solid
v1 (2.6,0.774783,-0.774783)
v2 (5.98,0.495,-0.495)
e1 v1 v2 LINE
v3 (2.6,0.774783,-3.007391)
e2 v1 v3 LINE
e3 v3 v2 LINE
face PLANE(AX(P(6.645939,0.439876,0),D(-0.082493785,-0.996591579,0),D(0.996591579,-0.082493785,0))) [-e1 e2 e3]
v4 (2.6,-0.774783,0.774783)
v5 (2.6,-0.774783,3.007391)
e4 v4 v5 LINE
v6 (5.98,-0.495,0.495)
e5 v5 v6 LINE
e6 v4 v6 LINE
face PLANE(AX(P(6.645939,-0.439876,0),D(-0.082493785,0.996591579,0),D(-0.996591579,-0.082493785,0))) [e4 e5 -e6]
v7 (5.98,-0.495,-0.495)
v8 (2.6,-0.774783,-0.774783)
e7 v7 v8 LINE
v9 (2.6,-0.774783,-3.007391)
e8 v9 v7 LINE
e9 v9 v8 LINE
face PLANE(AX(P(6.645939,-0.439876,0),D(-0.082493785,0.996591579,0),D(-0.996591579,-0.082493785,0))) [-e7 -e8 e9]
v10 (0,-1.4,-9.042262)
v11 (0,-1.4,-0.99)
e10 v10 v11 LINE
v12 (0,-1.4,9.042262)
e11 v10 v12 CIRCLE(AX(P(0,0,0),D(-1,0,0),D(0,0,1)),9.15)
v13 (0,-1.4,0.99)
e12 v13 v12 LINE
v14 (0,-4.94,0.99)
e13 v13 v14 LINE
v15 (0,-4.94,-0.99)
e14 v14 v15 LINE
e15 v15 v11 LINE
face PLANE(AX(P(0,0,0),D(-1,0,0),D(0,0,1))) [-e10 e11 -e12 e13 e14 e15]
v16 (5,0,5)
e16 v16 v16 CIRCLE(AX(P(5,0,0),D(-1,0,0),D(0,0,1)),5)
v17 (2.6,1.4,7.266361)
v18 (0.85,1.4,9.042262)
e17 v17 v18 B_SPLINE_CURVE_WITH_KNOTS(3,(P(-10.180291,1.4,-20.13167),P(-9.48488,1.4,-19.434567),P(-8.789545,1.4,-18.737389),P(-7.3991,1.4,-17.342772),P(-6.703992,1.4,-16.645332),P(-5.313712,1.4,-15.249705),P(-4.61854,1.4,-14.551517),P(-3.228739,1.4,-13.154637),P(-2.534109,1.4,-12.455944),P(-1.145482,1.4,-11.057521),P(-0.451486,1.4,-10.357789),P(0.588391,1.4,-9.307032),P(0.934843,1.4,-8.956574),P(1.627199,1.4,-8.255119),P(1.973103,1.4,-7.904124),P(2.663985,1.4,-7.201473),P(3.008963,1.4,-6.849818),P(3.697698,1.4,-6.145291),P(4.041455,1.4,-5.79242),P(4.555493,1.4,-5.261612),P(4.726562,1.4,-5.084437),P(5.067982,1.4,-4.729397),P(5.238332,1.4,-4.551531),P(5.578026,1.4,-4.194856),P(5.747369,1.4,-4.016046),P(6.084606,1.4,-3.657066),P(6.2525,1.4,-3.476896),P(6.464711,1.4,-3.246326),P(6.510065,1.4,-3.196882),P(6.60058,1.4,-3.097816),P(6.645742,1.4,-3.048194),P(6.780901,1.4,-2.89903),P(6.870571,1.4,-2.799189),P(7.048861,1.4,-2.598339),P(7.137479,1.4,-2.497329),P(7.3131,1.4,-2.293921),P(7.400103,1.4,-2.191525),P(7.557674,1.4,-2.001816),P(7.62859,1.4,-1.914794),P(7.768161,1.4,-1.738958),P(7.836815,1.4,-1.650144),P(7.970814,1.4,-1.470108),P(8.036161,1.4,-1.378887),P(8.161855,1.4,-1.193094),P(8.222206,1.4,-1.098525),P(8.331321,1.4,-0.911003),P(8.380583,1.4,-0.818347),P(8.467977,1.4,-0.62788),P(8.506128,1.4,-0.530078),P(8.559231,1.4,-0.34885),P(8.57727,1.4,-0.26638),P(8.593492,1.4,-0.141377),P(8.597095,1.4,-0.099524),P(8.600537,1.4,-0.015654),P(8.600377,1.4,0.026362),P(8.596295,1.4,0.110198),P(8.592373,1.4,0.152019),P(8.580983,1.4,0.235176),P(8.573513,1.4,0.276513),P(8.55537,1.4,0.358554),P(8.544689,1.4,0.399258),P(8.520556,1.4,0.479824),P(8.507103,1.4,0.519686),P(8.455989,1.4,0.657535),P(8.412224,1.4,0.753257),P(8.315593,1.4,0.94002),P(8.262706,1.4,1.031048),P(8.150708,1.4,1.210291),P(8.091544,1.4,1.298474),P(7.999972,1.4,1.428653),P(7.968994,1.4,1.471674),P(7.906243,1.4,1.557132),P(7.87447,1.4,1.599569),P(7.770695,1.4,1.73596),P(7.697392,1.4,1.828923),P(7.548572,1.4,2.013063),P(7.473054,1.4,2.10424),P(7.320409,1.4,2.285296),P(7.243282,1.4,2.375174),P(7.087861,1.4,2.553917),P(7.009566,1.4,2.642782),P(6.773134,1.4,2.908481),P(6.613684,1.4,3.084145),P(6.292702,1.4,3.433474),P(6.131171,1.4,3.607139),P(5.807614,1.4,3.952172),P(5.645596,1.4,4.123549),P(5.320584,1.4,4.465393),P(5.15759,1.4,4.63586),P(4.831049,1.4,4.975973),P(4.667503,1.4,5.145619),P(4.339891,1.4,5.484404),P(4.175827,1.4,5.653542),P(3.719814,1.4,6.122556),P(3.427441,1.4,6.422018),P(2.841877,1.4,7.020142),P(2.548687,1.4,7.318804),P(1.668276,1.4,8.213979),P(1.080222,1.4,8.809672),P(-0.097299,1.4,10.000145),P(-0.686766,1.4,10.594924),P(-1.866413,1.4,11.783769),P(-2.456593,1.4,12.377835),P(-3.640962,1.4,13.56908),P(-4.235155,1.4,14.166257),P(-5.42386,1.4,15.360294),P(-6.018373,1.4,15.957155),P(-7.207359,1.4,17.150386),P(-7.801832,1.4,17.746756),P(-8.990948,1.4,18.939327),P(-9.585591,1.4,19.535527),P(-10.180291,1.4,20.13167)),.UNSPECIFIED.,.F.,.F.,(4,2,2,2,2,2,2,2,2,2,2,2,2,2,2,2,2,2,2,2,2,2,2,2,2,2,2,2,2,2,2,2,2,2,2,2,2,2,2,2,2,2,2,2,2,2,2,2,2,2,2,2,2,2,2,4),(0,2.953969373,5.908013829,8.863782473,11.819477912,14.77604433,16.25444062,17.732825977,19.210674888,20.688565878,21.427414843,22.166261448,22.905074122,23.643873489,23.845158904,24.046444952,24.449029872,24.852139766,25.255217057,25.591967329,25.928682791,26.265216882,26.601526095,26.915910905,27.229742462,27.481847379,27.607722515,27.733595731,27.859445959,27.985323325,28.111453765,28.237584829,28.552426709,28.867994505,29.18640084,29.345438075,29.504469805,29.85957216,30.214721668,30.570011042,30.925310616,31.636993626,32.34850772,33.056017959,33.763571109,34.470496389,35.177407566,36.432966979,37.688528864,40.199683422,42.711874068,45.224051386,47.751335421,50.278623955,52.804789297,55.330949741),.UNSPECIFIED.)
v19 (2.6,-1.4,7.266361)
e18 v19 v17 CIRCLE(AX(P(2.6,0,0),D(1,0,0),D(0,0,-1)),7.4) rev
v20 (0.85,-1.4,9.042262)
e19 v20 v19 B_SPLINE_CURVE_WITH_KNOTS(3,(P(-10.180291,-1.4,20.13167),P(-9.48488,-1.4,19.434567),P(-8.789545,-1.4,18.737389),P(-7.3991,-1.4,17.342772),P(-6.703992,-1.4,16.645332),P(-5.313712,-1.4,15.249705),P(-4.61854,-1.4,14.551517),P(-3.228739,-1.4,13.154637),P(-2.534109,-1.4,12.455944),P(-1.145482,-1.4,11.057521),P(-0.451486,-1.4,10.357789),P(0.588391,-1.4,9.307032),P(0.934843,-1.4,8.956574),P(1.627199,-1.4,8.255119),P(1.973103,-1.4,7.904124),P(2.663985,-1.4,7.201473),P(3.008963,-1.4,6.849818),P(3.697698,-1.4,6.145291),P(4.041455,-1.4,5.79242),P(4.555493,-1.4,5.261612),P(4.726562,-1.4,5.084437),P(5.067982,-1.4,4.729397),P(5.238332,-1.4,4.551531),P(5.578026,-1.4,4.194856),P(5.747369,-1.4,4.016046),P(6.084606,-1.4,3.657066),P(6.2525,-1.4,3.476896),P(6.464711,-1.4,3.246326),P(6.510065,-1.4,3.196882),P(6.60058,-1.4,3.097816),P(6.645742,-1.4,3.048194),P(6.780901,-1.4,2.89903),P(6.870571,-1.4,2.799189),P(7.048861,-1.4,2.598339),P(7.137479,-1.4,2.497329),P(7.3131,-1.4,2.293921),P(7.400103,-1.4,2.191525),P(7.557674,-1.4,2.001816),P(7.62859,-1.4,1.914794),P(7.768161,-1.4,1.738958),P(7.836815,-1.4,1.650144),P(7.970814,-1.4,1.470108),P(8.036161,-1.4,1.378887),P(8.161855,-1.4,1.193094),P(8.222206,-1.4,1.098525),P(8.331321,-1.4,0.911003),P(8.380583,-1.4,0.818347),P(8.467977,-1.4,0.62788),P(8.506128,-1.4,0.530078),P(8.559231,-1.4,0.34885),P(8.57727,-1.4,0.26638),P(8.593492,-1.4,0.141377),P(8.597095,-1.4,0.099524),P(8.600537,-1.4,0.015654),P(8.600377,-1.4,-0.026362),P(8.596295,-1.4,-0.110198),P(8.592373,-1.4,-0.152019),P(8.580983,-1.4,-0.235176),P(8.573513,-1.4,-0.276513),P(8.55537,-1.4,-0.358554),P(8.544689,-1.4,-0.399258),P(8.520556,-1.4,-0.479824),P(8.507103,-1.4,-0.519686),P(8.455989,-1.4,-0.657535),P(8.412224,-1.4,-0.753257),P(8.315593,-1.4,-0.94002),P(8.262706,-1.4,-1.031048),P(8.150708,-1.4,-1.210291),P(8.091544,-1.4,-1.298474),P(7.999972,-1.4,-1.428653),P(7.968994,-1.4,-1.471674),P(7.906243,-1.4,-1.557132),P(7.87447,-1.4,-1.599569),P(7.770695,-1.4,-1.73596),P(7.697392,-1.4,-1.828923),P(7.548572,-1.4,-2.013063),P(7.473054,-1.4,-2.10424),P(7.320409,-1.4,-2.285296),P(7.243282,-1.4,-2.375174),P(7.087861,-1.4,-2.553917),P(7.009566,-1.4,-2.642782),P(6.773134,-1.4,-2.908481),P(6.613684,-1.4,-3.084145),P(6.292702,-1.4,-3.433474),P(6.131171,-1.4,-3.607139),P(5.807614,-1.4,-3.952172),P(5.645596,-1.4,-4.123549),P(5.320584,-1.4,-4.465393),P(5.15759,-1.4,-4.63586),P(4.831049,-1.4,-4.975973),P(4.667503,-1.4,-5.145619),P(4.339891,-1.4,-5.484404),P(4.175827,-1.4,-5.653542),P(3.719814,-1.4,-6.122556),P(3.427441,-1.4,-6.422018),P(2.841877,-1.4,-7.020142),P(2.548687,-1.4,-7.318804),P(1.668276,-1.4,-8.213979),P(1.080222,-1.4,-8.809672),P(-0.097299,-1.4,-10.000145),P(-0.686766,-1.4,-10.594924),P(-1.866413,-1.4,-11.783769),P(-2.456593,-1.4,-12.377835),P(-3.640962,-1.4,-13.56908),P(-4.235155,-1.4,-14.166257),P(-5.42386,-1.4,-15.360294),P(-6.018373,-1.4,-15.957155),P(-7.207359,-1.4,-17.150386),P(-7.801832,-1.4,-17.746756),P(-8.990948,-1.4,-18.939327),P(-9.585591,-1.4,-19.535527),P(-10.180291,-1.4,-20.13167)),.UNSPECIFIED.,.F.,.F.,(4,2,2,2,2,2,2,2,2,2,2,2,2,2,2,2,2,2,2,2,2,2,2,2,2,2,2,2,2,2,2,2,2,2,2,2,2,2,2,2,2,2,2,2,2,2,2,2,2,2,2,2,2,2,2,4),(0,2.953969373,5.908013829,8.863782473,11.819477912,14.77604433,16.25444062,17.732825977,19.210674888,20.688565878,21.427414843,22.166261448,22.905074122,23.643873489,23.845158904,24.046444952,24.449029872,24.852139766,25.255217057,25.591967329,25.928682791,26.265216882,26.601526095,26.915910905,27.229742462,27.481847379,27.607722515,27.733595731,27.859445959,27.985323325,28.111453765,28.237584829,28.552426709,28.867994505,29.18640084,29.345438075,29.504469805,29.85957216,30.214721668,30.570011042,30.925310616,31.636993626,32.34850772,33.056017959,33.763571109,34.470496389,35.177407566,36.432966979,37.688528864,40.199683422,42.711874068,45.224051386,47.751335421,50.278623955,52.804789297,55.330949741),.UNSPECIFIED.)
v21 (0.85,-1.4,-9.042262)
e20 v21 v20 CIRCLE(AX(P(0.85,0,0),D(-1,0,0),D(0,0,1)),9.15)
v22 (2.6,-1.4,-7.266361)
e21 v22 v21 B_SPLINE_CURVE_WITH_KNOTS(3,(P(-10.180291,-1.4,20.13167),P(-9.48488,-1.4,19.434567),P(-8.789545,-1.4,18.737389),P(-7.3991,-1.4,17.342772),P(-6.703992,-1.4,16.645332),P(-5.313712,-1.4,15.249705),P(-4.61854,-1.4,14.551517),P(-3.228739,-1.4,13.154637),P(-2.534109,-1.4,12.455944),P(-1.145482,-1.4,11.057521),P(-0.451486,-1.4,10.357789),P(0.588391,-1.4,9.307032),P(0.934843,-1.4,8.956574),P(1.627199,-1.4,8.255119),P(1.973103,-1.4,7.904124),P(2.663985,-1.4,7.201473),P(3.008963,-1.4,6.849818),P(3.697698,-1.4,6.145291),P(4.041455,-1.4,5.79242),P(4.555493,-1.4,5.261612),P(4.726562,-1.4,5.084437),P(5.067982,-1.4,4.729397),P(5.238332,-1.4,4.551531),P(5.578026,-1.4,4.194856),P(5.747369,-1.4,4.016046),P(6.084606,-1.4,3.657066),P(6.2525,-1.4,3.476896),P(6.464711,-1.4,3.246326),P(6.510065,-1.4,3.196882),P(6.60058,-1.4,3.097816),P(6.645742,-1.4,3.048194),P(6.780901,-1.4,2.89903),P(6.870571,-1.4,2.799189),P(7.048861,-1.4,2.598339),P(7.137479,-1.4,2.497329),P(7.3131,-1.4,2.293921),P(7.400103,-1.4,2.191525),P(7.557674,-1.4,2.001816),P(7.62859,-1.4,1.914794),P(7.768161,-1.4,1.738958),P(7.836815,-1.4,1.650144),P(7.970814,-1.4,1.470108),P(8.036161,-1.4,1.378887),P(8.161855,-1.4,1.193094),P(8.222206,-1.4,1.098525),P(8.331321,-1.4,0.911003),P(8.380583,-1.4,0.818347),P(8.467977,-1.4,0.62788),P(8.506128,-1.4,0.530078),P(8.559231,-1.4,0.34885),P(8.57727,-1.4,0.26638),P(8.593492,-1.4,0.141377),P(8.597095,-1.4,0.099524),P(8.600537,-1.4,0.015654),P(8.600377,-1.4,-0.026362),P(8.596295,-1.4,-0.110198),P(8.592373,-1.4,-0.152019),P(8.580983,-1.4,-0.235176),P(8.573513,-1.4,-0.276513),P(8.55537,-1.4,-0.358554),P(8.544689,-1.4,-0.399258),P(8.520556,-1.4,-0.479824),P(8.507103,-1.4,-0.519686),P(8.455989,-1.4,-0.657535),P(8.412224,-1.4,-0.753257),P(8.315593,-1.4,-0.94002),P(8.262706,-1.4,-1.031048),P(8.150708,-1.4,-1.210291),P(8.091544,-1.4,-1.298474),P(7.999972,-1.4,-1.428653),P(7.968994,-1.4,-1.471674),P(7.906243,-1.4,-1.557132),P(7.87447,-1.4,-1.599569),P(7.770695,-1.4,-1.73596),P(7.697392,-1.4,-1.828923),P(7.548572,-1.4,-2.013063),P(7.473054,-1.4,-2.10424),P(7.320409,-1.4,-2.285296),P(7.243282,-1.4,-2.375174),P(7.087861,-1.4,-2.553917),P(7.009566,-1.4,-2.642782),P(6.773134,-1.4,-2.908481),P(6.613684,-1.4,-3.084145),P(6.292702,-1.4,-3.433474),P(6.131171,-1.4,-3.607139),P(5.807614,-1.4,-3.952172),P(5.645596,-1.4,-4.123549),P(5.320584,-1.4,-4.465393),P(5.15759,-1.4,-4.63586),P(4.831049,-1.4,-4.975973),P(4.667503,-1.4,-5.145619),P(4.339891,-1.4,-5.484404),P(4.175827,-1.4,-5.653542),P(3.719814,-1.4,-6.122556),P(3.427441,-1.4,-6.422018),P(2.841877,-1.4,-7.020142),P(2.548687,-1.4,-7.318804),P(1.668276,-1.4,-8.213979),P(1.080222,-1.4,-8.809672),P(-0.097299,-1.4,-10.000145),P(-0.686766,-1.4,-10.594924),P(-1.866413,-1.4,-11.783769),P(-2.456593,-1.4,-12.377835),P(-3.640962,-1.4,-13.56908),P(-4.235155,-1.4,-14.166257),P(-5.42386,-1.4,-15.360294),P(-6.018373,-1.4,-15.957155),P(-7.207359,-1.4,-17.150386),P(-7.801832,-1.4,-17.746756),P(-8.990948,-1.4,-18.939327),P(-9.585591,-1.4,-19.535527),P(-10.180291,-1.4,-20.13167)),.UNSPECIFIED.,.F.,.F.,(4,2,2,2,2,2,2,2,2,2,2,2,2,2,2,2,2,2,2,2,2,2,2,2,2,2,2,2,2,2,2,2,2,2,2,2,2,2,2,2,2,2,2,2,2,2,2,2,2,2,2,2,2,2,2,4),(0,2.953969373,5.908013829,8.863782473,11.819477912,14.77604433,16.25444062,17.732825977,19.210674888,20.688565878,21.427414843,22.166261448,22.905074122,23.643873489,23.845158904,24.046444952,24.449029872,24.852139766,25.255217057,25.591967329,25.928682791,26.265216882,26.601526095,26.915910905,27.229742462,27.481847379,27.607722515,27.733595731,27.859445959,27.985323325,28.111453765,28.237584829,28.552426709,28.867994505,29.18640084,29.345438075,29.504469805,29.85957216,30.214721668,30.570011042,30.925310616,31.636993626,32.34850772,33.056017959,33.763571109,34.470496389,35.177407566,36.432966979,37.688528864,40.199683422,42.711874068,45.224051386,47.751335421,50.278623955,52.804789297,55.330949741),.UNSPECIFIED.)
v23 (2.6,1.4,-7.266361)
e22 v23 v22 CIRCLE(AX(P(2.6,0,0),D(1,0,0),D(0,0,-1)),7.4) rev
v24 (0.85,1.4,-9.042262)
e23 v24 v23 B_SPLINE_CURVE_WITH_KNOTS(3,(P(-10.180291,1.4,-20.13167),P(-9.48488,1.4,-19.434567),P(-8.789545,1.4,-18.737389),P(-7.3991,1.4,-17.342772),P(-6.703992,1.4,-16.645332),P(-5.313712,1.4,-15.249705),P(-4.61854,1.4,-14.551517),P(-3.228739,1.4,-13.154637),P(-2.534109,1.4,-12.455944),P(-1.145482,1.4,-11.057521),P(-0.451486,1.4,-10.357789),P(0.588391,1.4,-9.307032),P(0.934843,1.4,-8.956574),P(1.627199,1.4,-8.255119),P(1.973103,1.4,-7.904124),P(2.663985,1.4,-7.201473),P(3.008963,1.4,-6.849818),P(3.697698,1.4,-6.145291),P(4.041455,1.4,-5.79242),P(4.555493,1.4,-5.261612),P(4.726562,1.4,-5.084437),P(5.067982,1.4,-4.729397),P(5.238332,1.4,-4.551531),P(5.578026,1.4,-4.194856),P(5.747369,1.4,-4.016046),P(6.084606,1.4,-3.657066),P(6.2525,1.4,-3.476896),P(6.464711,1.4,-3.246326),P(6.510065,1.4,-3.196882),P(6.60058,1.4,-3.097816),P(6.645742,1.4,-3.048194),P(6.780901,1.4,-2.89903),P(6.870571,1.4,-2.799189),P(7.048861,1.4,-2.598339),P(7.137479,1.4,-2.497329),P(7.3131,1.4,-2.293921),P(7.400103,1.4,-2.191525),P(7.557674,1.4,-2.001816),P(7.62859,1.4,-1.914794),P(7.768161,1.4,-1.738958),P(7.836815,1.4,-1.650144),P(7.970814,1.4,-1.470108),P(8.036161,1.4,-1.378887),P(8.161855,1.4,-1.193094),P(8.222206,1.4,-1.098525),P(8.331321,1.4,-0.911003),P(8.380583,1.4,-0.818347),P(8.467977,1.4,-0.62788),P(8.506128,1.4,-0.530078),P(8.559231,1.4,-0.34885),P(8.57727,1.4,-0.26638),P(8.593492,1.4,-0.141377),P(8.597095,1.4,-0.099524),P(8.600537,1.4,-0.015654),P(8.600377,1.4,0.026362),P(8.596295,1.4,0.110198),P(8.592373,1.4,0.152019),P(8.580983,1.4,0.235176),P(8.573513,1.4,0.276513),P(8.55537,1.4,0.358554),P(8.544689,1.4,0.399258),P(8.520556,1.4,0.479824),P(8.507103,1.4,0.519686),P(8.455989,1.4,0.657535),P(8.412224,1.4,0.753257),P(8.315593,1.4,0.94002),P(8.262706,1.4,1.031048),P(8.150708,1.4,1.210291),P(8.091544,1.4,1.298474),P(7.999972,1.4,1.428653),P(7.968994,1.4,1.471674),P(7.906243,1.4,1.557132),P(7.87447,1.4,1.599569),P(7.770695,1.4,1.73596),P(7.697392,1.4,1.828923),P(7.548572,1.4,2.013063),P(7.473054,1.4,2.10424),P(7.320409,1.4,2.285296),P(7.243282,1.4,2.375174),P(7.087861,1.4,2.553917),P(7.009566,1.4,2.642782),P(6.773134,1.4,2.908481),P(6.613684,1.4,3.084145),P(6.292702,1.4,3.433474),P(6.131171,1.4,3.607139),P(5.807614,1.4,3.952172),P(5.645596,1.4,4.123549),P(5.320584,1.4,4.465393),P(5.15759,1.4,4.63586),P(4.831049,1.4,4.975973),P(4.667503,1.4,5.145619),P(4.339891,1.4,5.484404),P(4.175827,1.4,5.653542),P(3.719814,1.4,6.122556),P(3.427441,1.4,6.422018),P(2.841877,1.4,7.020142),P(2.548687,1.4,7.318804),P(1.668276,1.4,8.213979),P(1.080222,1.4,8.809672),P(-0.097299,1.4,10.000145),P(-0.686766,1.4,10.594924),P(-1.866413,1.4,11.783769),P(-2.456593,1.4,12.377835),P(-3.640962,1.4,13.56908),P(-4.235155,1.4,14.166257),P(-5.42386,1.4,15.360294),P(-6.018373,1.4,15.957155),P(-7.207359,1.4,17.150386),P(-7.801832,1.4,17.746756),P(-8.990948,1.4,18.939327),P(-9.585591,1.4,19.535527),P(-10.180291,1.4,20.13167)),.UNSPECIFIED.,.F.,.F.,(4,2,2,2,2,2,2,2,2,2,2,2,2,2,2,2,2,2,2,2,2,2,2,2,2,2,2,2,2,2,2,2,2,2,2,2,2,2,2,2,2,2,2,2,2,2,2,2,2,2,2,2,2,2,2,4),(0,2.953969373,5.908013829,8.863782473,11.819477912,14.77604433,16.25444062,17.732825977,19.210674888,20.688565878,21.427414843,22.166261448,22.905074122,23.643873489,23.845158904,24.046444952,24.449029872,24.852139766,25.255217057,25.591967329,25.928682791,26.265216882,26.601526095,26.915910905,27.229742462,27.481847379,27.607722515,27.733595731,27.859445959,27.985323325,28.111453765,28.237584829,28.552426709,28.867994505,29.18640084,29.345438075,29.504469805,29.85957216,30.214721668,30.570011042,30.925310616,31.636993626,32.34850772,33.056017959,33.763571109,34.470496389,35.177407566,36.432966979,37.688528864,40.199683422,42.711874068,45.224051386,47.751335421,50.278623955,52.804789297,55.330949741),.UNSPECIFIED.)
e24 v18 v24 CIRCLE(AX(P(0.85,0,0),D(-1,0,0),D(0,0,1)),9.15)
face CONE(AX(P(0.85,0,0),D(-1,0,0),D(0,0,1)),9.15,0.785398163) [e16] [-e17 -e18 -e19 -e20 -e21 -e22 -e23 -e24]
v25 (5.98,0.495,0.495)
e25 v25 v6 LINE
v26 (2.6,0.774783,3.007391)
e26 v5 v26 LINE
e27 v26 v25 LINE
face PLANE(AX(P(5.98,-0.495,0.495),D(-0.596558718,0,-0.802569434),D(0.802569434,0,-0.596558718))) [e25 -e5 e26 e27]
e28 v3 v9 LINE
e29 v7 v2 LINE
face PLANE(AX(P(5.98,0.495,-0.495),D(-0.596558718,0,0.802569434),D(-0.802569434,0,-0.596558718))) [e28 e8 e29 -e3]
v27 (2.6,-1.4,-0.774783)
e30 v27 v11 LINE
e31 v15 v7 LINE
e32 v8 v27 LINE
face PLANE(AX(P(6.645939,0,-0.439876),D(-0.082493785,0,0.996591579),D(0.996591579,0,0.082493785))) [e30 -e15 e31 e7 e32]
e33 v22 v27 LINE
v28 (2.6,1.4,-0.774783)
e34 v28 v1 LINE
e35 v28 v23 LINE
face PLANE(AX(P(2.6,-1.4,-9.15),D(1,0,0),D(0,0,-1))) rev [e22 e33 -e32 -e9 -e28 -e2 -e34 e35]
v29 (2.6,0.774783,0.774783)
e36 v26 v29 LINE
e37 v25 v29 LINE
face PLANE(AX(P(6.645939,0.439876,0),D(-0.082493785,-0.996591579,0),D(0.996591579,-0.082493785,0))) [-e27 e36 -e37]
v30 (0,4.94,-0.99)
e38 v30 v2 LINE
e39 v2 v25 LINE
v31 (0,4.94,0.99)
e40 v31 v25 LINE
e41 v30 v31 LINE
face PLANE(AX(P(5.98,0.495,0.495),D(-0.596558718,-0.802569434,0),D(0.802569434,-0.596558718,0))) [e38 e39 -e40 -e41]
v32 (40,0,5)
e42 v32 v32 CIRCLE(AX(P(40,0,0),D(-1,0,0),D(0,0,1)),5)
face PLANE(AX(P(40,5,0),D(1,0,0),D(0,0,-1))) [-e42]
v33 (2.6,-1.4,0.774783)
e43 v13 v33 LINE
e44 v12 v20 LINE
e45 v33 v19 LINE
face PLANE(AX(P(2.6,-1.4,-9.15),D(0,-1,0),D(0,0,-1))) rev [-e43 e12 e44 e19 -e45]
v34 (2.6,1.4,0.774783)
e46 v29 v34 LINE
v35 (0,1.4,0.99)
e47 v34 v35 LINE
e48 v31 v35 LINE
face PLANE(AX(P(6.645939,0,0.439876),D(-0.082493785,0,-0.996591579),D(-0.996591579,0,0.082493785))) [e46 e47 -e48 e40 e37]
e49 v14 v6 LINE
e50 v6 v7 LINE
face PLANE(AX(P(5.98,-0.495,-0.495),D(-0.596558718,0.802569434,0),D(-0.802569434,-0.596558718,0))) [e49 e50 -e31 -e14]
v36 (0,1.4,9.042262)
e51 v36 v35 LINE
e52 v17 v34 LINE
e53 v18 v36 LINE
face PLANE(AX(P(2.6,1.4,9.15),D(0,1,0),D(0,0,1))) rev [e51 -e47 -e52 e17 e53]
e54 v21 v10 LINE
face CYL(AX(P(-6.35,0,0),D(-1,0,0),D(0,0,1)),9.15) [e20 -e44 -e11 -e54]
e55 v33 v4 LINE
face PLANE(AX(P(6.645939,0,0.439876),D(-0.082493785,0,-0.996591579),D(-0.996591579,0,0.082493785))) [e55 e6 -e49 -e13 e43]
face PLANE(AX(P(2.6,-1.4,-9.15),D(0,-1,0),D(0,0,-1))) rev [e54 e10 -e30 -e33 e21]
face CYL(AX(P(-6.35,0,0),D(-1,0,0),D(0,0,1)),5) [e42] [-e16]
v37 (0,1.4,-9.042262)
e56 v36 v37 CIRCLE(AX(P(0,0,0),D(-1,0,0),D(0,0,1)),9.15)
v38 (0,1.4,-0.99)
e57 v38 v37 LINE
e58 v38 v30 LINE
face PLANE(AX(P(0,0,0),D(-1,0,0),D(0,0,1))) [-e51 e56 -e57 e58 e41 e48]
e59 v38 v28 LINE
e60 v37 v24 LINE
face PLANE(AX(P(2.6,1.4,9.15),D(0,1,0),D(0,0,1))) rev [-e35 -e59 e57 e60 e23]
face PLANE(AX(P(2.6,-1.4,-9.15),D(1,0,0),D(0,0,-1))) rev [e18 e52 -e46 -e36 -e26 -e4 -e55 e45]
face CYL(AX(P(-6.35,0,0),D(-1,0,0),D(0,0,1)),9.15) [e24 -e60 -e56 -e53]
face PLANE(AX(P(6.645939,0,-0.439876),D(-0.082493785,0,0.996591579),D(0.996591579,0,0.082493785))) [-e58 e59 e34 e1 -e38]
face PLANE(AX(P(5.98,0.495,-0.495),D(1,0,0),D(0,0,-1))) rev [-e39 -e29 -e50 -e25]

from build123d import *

# Parameters (mm, degrees)
SKETCH2_W         = 18.3
SKETCH2_H         = 2.8
SLOT_DEPTH        = 2.6
SKETCH3_W         = 1.98
SKETCH3_H         = 9.88
SKETCH4_W         = 0.99
SKETCH4_H         = 0.99
CIRPATTERN1_COUNT = 2
CIRPATTERN1_ANGLE = 90


with BuildPart() as part:
    # BodySke → Base-Revolve (revolve)
    with BuildSketch(Plane.XY):
        Polygon((0, 0), (0, 9.15), (0.85, 9.15), (5, 5), (40, 5), (40, 0), align=None)
    revolve(axis=Axis((-6.35, 0, 0), (1, 0, 0)))

    # Sketch2 → Slot (cut)
    with BuildSketch(Plane.ZY):
        Rectangle(SKETCH2_W, SKETCH2_H)
    extrude(amount=-SLOT_DEPTH, mode=Mode.SUBTRACT)

    # Sketch3 → Cross section 0
    with BuildSketch(Plane.ZY):
        Rectangle(SKETCH3_W, SKETCH3_H)
    # Sketch4 → Cross section 1
    with BuildSketch(Plane.ZY.offset(-5.98)):
        Rectangle(SKETCH4_W, SKETCH4_H)
    cross = loft(mode=Mode.SUBTRACT)

    # CirPattern1: Cross ×2 about axis
    cirpattern1_axis = Axis((0, 0, 0), (1, 0, 0))
    for i in range(1, CIRPATTERN1_COUNT):
        add(cross.rotate(cirpattern1_axis, i * CIRPATTERN1_ANGLE / (CIRPATTERN1_COUNT - 1)), mode=Mode.SUBTRACT)


solid = part.part
